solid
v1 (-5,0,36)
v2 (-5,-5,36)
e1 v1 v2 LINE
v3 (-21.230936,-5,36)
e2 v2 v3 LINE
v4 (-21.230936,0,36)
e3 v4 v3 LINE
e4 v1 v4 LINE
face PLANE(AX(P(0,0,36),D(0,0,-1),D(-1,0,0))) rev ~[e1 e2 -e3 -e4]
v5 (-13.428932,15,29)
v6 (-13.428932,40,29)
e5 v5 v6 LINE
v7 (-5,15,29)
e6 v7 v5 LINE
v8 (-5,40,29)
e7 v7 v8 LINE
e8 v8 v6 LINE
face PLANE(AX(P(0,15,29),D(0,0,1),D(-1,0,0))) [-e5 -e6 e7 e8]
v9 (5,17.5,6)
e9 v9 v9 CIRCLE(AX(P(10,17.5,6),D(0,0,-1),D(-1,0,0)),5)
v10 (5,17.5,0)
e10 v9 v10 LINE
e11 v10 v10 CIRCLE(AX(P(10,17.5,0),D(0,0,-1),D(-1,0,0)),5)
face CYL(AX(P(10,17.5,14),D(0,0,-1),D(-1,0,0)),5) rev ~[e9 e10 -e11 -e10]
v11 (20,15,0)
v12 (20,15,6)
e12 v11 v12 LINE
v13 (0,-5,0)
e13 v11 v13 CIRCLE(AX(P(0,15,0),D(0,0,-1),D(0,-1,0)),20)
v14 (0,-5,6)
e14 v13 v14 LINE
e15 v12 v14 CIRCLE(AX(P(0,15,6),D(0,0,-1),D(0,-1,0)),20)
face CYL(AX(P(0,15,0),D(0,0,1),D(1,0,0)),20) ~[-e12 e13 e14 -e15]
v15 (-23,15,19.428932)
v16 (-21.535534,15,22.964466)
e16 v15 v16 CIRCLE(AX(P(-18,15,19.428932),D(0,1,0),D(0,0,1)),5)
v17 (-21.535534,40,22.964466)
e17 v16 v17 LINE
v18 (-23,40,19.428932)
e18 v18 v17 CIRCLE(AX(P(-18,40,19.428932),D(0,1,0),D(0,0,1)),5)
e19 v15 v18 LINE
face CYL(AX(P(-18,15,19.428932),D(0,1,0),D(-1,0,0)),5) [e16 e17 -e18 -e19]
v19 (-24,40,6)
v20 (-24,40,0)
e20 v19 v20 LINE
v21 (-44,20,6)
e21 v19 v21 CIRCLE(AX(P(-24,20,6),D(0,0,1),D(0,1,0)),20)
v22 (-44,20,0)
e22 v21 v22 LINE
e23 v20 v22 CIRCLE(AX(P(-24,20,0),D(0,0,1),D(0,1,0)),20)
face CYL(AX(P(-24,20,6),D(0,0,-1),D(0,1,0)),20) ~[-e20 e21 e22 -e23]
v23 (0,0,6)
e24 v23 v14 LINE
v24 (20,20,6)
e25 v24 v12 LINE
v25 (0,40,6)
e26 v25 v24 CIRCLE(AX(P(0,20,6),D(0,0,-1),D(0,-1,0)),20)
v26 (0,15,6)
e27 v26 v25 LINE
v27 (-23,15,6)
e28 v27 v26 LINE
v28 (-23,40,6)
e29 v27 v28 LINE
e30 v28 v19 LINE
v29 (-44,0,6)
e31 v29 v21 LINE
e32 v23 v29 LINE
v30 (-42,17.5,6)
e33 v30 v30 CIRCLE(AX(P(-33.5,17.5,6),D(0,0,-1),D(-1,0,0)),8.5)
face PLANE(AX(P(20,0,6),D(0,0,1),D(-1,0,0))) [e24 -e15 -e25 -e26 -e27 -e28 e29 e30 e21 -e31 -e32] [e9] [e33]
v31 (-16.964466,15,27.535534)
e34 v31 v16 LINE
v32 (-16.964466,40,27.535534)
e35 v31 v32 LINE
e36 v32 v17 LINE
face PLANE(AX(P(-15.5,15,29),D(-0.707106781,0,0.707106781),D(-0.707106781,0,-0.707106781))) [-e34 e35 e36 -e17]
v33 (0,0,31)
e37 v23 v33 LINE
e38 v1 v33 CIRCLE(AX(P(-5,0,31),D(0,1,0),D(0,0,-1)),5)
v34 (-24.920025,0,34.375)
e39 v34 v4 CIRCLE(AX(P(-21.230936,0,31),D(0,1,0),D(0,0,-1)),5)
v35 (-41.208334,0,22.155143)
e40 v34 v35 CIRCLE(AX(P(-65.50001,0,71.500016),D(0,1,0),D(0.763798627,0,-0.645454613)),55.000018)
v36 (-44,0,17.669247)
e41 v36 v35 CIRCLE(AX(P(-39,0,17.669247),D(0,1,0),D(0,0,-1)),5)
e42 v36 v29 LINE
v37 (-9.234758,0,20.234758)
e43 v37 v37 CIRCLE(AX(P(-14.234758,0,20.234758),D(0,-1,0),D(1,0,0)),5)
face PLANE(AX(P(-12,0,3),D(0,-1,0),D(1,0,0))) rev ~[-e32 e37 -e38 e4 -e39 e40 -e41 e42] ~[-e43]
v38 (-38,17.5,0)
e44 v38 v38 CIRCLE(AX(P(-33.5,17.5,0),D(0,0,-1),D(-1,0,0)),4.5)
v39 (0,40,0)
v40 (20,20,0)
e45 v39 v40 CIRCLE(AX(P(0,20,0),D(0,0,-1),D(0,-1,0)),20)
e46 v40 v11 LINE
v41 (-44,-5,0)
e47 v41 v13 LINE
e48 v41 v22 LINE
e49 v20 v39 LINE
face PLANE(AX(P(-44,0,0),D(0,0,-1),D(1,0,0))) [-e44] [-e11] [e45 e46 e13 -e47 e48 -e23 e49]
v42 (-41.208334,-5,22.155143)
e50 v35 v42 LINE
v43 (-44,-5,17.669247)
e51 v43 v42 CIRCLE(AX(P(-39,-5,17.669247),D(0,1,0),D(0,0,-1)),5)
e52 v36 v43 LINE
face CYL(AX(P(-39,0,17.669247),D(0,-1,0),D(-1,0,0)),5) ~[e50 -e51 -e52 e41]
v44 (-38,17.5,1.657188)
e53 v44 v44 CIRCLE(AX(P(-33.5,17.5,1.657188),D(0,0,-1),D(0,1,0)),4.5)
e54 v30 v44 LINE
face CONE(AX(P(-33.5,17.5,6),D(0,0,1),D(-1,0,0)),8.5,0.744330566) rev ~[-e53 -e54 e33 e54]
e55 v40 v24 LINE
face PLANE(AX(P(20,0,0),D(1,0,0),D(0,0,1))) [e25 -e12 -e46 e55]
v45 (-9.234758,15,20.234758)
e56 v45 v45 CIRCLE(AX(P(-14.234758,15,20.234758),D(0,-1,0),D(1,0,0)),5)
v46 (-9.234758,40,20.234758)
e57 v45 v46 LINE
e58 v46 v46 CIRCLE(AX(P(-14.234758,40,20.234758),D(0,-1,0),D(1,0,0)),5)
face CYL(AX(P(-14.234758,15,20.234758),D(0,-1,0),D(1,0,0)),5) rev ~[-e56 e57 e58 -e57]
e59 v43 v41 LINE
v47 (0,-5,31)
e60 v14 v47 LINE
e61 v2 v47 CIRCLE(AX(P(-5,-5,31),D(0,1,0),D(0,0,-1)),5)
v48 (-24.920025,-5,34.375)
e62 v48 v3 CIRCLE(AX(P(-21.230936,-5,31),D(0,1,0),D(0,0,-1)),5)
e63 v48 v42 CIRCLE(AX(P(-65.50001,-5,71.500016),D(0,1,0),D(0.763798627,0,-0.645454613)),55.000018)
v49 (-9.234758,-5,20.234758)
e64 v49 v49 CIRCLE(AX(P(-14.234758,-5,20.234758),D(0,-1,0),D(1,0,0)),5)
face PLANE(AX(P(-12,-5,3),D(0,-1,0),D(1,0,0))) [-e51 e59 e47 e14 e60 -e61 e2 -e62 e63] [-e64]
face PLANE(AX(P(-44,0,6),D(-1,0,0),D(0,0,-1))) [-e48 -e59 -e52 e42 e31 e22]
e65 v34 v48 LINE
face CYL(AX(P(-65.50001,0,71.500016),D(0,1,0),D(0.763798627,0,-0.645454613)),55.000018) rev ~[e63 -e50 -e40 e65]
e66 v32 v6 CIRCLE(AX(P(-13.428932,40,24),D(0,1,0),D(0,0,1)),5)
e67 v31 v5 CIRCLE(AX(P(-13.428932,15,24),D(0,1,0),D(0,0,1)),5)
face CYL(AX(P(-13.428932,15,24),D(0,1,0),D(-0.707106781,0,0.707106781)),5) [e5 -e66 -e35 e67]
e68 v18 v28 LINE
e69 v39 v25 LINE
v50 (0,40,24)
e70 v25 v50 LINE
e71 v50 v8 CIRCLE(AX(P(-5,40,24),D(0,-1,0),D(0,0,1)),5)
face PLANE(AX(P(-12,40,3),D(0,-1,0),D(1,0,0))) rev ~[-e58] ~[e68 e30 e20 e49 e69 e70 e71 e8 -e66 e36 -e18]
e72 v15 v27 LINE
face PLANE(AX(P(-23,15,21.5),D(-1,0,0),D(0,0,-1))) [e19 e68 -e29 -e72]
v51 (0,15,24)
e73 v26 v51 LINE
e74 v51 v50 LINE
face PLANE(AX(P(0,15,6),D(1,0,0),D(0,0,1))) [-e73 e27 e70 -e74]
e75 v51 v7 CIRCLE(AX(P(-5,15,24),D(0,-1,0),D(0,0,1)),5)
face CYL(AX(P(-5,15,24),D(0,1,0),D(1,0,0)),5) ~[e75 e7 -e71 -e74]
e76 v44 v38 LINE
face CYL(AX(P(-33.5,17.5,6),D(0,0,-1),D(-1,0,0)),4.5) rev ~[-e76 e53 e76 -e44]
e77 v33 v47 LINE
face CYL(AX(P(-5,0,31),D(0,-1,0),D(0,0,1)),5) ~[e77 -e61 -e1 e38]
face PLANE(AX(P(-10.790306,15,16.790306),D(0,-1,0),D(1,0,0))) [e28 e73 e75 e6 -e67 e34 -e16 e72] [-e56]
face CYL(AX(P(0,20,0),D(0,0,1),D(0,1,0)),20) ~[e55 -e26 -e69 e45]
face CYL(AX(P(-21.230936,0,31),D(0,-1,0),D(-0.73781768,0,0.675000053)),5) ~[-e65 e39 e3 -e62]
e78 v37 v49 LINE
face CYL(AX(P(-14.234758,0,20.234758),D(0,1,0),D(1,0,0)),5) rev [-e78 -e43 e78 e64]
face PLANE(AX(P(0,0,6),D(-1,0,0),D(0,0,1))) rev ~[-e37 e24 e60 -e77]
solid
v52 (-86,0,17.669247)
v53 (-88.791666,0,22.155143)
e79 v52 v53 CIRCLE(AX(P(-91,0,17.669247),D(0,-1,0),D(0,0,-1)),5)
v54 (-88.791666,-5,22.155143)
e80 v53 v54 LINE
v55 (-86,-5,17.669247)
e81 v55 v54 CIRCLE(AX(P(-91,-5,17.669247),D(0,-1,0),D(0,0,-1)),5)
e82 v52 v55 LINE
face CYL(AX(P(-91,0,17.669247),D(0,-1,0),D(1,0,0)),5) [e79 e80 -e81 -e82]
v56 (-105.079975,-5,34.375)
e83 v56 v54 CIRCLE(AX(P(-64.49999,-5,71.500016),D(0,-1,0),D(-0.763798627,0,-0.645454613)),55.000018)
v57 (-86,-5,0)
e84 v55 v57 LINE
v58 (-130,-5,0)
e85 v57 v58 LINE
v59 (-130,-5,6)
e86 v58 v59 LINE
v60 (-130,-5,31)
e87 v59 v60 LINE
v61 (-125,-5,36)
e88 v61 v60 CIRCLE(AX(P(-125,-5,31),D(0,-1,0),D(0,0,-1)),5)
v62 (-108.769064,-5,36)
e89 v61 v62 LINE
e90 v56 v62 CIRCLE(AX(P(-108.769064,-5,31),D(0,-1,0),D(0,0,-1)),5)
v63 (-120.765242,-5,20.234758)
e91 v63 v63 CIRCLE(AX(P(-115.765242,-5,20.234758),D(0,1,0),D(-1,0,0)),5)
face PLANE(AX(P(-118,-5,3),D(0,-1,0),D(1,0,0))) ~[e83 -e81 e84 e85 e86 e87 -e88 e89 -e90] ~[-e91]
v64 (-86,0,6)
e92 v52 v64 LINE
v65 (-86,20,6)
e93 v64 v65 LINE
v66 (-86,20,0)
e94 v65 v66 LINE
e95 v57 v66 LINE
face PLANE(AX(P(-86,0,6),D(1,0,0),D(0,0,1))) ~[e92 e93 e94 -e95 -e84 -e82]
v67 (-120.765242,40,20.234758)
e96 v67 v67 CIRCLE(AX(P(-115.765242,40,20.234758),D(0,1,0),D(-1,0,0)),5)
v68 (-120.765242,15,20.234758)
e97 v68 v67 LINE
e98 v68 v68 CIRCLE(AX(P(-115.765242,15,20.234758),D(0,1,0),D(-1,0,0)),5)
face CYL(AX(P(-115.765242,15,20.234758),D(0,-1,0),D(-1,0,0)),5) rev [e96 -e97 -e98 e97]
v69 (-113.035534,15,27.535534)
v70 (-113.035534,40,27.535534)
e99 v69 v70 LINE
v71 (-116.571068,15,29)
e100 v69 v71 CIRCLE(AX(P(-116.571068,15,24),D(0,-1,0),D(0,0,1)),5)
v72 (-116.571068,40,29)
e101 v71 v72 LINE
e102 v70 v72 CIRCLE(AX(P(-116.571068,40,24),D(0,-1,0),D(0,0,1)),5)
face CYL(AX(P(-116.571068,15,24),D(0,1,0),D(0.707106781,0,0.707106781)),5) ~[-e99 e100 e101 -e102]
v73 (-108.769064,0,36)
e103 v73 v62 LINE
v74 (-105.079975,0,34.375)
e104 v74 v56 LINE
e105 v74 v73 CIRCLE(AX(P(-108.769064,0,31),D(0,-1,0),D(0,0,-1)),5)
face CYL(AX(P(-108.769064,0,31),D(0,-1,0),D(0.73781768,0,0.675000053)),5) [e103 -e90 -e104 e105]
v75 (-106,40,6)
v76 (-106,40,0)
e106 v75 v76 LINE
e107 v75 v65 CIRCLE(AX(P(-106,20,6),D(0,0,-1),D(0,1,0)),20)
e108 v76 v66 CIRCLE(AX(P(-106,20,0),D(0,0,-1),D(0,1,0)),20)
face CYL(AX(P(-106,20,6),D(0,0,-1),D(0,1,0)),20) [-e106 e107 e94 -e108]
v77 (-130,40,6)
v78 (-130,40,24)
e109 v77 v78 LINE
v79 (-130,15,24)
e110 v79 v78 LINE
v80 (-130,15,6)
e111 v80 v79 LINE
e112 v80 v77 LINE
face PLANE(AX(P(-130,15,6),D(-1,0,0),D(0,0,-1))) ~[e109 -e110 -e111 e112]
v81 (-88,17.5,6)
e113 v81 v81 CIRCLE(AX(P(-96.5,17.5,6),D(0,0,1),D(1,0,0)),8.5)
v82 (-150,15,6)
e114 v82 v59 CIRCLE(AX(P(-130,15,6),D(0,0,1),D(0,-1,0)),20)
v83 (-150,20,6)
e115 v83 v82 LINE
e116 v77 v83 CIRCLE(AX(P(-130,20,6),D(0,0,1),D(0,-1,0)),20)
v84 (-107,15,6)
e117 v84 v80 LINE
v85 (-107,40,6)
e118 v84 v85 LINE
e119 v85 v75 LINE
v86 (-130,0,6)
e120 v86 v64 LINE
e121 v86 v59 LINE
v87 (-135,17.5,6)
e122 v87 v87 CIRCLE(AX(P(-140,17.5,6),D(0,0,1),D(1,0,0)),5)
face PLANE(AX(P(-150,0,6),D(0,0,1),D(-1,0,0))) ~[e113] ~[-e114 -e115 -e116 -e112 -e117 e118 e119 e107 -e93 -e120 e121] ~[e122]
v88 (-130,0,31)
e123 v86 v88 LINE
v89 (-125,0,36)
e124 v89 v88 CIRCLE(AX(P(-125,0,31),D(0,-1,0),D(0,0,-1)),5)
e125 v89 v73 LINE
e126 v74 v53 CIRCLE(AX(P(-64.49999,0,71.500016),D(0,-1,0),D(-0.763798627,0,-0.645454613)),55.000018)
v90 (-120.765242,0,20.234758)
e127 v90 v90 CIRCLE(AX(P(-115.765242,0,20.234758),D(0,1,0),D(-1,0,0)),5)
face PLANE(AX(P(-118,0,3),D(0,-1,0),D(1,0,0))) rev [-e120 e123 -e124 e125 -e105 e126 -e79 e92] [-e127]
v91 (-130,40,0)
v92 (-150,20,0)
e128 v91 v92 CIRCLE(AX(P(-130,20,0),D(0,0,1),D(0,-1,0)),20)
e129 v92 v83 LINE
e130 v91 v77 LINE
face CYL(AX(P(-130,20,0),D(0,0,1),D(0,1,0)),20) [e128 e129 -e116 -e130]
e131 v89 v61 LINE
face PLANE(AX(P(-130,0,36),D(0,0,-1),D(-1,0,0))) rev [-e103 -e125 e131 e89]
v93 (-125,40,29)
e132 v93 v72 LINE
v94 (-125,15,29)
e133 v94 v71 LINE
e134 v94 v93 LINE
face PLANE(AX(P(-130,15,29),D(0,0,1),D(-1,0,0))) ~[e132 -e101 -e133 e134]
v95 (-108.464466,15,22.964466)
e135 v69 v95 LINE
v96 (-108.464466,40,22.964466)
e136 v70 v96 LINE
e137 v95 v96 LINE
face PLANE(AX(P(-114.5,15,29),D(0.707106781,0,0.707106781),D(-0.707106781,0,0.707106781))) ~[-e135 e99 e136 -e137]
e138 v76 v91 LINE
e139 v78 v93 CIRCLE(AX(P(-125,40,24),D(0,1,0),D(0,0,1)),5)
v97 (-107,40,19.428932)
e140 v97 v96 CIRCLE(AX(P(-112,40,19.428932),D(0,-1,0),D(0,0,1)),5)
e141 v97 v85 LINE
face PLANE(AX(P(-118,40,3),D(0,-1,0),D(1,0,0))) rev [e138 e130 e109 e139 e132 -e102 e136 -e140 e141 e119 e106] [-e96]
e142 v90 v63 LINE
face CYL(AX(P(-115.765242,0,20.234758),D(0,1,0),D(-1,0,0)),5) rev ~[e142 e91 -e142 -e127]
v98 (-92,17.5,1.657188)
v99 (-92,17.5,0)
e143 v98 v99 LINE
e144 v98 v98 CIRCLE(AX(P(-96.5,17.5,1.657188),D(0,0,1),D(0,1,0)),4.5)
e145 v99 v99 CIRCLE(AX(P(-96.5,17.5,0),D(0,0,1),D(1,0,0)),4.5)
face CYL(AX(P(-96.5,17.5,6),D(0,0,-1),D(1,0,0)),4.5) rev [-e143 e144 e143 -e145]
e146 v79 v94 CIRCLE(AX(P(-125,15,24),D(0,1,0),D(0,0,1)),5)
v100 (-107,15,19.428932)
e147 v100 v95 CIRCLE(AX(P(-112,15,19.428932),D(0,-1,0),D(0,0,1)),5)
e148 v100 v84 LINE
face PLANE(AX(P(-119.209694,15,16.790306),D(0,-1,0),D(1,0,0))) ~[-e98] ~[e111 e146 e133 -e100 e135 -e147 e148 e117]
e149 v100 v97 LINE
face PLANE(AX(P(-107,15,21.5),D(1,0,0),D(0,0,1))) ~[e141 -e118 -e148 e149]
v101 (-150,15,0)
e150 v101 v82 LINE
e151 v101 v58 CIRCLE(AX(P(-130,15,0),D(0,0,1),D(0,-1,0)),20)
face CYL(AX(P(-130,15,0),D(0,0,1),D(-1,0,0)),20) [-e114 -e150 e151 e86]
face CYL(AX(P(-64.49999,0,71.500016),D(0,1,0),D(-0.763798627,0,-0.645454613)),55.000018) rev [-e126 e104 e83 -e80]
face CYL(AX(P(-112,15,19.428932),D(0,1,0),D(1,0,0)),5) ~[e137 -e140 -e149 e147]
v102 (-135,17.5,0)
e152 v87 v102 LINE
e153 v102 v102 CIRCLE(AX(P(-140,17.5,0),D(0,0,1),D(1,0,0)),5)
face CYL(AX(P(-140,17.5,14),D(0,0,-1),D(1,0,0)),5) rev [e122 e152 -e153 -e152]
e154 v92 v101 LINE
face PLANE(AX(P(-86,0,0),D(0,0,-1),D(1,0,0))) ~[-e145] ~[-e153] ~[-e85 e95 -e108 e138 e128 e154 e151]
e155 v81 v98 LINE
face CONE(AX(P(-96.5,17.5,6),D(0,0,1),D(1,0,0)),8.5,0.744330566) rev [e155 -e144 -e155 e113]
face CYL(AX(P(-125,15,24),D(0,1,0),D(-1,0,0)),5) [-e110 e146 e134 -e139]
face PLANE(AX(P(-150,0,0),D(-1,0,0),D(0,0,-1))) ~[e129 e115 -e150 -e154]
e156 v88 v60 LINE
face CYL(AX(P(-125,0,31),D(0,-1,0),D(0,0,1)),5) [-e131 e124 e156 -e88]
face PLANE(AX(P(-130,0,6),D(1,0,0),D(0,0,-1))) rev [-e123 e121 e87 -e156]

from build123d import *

# Parameters (mm, degrees)
F3_R            = 5
F6_DEPTH        = 5
F7_DEPTH        = 40
F4_R            = 5
F8_DEPTH        = 25
F9_R            = 5
F10_R           = 20
F11_D           = 9
F11_DEPTH       = 8
F11_CSINK_D     = 17
F11_CSINK_ANGLE = 85.294
F12_D           = 10
F12_DEPTH       = 8


with BuildPart() as f6:
    # F3 (on Front) → F6 (new body)
    with BuildSketch(Plane.XZ):
        Polygon((-44, 0), (0, 0), (20, 0), (20, 6), (0, 6), (-44, 6), align=None)
        with BuildLine():
            Line((-44, 20.876389), (-44, 6))
            Line((-44, 6), (0, 6))
            Line((0, 6), (0, 36))
            Line((0, 36), (-23.491072, 36))
            ThreePointArc((-23.491072, 36), (-32.857591, 27.234064), (-44, 20.876389))
        make_face()
        with Locations((-14.234758, 20.234758)):
            Circle(F3_R, mode=Mode.SUBTRACT)
    extrude(amount=F6_DEPTH)

    # F3 (on Front) → F7 (join)
    with BuildSketch(Plane.XZ):
        Polygon((-44, 0), (0, 0), (20, 0), (20, 6), (0, 6), (-44, 6), align=None)
    extrude(amount=-F7_DEPTH)

    # F4 (on offset) → F8 (join)
    with BuildSketch(Plane.XZ.offset(-15)):
        Polygon((-23, 6), (0, 6), (0, 29), (-15.5, 29), (-23, 21.5), align=None)
        with Locations((-14.234758, 20.234758)):
            Circle(F4_R, mode=Mode.SUBTRACT)
    extrude(amount=-F8_DEPTH)

    # F9
    f9_edges = [f6.edges().sort_by_distance(p)[0] for p in [
        (-15.5, 27.5, 29),
        (-23, 27.5, 21.5),
        (0, 27.5, 29),
        (-23.491072, -2.5, 36),
        (-44, -2.5, 20.876389),
        (0, -2.5, 36),
    ]]
    fillet(f9_edges, radius=F9_R)

    # F10
    f10_edges = [f6.edges().sort_by_distance(p)[0] for p in [
        (20, -5, 3),
        (20, 40, 3),
        (-44, 40, 3),
    ]]
    fillet(f10_edges, radius=F10_R)

    # F11
    with Locations(Plane.XY.offset(6)):
        with Locations((-33.5, 17.5)):
            CounterSinkHole(F11_D / 2, F11_CSINK_D / 2, depth=F11_DEPTH, counter_sink_angle=F11_CSINK_ANGLE)

    # F12
    with Locations(Plane.XY.offset(6)):
        with Locations((10, 17.5)):
            Hole(F12_D / 2, depth=F12_DEPTH)


with BuildPart() as f14_1:
    # F14: instance of F6
    add(f6.part.mirror(Plane.YZ.offset(-65)))


solid = Compound([f6.part, f14_1.part])
